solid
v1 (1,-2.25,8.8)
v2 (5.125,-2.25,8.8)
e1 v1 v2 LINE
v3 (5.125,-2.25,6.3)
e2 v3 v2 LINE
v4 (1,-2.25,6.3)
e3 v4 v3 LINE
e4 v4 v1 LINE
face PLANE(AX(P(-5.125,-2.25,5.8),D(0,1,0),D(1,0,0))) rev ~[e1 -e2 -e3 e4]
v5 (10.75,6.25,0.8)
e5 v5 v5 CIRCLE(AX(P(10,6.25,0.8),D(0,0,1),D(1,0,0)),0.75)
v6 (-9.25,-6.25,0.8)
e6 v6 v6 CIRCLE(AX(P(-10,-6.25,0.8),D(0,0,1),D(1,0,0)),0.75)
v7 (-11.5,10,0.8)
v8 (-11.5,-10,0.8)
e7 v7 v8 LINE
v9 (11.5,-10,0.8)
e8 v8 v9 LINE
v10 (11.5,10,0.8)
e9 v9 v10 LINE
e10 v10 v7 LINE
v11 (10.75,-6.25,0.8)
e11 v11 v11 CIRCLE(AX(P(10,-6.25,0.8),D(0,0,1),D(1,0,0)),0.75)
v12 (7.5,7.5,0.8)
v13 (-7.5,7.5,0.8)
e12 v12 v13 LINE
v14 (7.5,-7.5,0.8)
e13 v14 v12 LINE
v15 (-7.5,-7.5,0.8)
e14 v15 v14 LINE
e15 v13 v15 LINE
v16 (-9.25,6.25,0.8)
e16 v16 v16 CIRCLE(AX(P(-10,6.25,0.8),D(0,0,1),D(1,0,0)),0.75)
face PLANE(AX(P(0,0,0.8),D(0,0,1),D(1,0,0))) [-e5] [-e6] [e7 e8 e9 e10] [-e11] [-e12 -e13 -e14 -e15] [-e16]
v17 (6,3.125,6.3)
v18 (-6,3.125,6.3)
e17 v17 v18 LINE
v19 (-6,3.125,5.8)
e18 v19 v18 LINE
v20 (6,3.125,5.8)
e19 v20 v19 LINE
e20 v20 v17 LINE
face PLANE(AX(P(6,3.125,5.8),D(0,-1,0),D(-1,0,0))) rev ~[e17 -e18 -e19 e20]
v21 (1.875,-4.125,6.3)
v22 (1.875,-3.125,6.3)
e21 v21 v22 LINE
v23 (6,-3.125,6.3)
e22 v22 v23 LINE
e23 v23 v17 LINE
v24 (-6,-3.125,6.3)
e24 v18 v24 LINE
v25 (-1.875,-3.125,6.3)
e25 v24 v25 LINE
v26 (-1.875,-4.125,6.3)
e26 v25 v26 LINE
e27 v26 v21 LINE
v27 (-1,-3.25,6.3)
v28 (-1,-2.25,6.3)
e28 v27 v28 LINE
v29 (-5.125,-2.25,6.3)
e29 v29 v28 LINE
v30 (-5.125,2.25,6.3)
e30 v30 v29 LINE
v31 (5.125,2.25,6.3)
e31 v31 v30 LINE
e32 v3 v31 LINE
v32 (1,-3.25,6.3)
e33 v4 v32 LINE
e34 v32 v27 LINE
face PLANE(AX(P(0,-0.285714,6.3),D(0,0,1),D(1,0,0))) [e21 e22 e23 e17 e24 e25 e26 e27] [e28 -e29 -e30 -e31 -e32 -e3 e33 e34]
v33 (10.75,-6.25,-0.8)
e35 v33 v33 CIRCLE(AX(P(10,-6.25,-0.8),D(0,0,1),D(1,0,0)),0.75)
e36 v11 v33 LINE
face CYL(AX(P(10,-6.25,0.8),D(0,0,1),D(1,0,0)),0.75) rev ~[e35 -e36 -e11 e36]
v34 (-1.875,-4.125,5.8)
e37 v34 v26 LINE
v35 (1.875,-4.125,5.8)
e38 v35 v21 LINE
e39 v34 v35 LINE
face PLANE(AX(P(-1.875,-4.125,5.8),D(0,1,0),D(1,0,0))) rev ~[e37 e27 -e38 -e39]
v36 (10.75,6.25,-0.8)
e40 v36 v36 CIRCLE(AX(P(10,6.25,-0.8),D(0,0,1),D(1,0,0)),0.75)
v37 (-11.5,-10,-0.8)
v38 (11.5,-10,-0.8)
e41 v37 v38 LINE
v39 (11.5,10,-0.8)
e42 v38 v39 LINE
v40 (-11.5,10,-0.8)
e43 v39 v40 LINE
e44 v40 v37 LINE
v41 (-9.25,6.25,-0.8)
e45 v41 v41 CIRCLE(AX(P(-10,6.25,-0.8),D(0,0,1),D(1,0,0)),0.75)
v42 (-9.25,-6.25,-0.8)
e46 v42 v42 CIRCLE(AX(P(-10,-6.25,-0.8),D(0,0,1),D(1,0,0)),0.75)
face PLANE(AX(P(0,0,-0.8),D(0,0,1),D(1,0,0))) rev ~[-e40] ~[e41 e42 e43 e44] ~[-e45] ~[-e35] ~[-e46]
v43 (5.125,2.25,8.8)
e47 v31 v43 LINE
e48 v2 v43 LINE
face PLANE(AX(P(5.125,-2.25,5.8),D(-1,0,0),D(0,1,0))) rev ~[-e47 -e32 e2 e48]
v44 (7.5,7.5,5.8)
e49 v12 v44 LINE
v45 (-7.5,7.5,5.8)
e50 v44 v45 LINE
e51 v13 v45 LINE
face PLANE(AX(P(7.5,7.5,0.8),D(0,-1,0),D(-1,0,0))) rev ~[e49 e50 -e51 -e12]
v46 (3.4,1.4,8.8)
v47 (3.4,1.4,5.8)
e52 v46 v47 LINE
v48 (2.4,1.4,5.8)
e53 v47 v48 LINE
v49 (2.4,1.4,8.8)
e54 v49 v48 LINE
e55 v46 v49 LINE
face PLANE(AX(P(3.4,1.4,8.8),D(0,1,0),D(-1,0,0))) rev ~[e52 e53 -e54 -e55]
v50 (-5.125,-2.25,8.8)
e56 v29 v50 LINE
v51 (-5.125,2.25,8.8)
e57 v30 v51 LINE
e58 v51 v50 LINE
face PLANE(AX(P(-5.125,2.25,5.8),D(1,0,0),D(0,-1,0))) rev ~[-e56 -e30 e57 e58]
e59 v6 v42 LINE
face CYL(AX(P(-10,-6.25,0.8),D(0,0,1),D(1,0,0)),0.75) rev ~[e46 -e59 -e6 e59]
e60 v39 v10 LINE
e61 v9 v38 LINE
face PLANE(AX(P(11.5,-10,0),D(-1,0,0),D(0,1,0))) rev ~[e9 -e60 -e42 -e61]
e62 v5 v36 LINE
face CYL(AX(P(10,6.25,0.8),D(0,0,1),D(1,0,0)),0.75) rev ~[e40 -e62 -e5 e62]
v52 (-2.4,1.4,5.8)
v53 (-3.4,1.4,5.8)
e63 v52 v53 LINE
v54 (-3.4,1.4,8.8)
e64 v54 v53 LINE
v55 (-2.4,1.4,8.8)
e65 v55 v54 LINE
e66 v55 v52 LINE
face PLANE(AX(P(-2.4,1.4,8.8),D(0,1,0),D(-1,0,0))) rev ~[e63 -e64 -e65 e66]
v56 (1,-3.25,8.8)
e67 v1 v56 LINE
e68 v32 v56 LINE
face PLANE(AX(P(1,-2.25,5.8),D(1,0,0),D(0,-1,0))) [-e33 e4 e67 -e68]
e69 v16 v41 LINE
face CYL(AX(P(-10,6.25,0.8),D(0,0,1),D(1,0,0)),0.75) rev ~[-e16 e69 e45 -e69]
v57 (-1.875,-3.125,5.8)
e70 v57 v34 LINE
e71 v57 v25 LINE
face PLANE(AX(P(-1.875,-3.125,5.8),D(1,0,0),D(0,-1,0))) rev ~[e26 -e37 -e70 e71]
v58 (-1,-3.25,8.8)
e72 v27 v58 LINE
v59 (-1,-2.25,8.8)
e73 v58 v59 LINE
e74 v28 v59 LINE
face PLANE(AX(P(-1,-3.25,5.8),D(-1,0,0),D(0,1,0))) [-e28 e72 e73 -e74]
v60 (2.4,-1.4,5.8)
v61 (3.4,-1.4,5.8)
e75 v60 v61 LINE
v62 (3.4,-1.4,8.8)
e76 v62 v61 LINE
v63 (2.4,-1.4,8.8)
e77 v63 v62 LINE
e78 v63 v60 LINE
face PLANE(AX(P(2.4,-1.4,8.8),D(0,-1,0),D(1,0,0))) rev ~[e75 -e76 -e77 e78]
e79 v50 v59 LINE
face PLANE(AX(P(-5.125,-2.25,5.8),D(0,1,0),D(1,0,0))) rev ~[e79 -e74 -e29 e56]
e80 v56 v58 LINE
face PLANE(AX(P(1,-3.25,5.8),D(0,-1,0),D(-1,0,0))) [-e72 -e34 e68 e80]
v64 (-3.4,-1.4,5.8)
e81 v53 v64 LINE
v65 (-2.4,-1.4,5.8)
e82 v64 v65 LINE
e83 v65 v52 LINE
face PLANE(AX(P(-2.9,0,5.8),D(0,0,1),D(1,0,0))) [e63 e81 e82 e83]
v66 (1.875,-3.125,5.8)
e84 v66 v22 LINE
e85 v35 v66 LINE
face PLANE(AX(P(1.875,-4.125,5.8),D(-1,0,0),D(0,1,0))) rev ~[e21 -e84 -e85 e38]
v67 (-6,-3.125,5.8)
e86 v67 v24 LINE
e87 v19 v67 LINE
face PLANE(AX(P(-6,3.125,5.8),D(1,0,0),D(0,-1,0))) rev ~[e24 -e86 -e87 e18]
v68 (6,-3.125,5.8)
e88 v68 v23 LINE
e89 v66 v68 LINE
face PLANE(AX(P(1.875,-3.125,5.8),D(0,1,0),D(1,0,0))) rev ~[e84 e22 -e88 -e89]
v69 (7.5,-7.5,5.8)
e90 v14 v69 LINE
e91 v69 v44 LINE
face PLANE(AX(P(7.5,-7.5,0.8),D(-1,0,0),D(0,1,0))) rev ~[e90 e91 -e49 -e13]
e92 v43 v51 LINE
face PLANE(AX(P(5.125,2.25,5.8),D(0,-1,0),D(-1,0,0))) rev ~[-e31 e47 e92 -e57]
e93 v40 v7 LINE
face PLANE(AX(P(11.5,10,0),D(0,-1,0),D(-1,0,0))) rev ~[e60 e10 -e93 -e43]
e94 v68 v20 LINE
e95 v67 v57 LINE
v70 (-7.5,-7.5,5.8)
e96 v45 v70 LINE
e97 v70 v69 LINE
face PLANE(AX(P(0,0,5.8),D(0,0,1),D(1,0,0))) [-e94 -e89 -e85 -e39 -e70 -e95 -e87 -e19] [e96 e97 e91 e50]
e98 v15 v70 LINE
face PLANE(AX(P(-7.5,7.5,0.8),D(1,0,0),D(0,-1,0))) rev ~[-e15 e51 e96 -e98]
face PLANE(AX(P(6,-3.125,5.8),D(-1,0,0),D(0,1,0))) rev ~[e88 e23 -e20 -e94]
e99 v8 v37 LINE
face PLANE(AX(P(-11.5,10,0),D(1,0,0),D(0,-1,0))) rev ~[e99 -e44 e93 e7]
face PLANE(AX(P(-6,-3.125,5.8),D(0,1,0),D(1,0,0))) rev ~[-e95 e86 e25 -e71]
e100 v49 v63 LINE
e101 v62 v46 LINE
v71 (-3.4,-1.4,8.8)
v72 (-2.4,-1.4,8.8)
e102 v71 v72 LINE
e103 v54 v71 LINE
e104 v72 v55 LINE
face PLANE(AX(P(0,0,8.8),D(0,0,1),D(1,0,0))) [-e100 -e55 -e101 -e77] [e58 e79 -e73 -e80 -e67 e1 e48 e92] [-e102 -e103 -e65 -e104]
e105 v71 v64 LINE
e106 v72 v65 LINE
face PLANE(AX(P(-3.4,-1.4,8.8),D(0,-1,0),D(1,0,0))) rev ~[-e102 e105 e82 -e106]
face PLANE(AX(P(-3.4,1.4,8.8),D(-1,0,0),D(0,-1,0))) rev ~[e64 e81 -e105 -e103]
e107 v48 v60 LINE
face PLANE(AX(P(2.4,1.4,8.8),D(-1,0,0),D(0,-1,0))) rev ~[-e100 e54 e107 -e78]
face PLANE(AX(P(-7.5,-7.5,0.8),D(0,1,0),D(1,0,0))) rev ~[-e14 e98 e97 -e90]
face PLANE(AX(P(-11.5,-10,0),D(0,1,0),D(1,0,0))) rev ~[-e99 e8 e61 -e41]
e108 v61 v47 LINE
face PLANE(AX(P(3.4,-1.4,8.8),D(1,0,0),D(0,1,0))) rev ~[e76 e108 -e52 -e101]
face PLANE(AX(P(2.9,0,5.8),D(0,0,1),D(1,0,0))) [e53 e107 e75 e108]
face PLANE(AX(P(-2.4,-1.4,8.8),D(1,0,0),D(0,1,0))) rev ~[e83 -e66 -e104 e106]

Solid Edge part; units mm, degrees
sketch "Sketch1" plane through (0, 0, 0) normal (0, 0, 1) x (1, 0, 0)
  line L0 (11.5, -10) -> (11.5, 10)
  line L1 (11.5, 10) -> (-11.5, 10)
  line L2 (-11.5, 10) -> (-11.5, -10)
  line L3 (-11.5, -10) -> (11.5, -10)
extrude "Protrusion1" add sketch "Sketch1" along normal mid plane 1.6
sketch "Sketch2" plane through (0, 0, 0.8) normal (0, 0, 1) x (1, 0, 0)
  line L0 (7.5, -7.5) -> (7.5, 7.5)
  line L1 (7.5, 7.5) -> (-7.5, 7.5)
  line L2 (-7.5, 7.5) -> (-7.5, -7.5)
  line L3 (-7.5, -7.5) -> (7.5, -7.5)
extrude "ExtrudedCutout_1" add sketch "Sketch2" along normal blind 5
sketch "Sketch3" plane through (0, 0, 5.8) normal (0, 0, 1) x (1, 0, 0)
  line L0 (1, -3.25) -> (-1, -3.25)
  line L1 (-1, -3.25) -> (-1, -2.25)
  line L2 (-1, -2.25) -> (1, -2.25)
  line L3 (1, -2.25) -> (1, -3.25)
  line L4 (-5.125, -2.25) -> (5.125, -2.25)
  line L5 (5.125, -2.25) -> (5.125, 2.25)
  line L6 (5.125, 2.25) -> (-5.125, 2.25)
  line L7 (-5.125, 2.25) -> (-5.125, -2.25)
  dimension "D1" = 10.25
  dimension "D2" = 4.5
  dimension "D3" = 2
  dimension "D4" = 1
extrude "ExtrudedProtrusion_3" add sketch "Sketch3" along normal blind 3
sketch "Sketch4" plane through (0, 0, 5.8) normal (0, 0, 1) x (1, 0, 0)
  line L0 (1, -2.25) -> (1, -3.25)
  line L1 (1, -3.25) -> (-1, -3.25)
  line L2 (-1, -3.25) -> (-1, -2.25)
  line L3 (-5.125, -2.25) -> (-1, -2.25)
  line L4 (-5.125, 2.25) -> (-5.125, -2.25)
  line L5 (5.125, 2.25) -> (-5.125, 2.25)
  line L6 (5.125, -2.25) -> (5.125, 2.25)
  line L7 (1, -2.25) -> (5.125, -2.25)
  line L8 (1.875, -4.125) -> (1.875, -3.125)
  line L9 (1.875, -3.125) -> (6, -3.125)
  line L10 (6, -3.125) -> (6, 3.125)
  line L11 (6, 3.125) -> (-6, 3.125)
  line L12 (-6, 3.125) -> (-6, -3.125)
  line L13 (-6, -3.125) -> (-1.875, -3.125)
  line L14 (-1.875, -3.125) -> (-1.875, -4.125)
  line L15 (-1.875, -4.125) -> (1.875, -4.125)
  dimension "D1" = 12
extrude "ExtrudedProtrusion_4" add sketch "Sketch4" along normal blind 0.5
sketch "Sketch5" plane through (0, 0, 0.8) normal (0, 0, 1) x (1, 0, 0)
  circle A0 centre (-10, 6.25) radius 0.75
  circle A1 centre (10, 6.25) radius 0.75
  circle A2 centre (10, -6.25) radius 0.75
  circle A3 centre (-10, -6.25) radius 0.75
  dimension "D1" = 20
  dimension "D2" = 12.5
  dimension "D3" = 1.5
extrude "Cutout1" cut sketch "Sketch5" against normal up to vertex (1.6 mm away)
sketch "Sketch6" plane through (0, -0.5, 8.8) normal (0, 0, 1) x (1, 0, 0)
  line L0 (-3.4, 1.9) -> (-3.4, -0.9)
  line L1 (-3.4, -0.9) -> (-2.4, -0.9)
  line L2 (-2.4, -0.9) -> (-2.4, 1.9)
  line L3 (-2.4, 1.9) -> (-3.4, 1.9)
  line L4 (3.4, -0.9) -> (3.4, 1.9)
  line L5 (3.4, 1.9) -> (2.4, 1.9)
  line L6 (2.4, 1.9) -> (2.4, -0.9)
  line L7 (2.4, -0.9) -> (3.4, -0.9)
  dimension "D1" = 1
  dimension "D2" = 2.8
  dimension "D3" = 6.8
extrude "Cutout2" cut sketch "Sketch6" against normal up to vertex (3 mm away)
properties material "Polycarbonate"
